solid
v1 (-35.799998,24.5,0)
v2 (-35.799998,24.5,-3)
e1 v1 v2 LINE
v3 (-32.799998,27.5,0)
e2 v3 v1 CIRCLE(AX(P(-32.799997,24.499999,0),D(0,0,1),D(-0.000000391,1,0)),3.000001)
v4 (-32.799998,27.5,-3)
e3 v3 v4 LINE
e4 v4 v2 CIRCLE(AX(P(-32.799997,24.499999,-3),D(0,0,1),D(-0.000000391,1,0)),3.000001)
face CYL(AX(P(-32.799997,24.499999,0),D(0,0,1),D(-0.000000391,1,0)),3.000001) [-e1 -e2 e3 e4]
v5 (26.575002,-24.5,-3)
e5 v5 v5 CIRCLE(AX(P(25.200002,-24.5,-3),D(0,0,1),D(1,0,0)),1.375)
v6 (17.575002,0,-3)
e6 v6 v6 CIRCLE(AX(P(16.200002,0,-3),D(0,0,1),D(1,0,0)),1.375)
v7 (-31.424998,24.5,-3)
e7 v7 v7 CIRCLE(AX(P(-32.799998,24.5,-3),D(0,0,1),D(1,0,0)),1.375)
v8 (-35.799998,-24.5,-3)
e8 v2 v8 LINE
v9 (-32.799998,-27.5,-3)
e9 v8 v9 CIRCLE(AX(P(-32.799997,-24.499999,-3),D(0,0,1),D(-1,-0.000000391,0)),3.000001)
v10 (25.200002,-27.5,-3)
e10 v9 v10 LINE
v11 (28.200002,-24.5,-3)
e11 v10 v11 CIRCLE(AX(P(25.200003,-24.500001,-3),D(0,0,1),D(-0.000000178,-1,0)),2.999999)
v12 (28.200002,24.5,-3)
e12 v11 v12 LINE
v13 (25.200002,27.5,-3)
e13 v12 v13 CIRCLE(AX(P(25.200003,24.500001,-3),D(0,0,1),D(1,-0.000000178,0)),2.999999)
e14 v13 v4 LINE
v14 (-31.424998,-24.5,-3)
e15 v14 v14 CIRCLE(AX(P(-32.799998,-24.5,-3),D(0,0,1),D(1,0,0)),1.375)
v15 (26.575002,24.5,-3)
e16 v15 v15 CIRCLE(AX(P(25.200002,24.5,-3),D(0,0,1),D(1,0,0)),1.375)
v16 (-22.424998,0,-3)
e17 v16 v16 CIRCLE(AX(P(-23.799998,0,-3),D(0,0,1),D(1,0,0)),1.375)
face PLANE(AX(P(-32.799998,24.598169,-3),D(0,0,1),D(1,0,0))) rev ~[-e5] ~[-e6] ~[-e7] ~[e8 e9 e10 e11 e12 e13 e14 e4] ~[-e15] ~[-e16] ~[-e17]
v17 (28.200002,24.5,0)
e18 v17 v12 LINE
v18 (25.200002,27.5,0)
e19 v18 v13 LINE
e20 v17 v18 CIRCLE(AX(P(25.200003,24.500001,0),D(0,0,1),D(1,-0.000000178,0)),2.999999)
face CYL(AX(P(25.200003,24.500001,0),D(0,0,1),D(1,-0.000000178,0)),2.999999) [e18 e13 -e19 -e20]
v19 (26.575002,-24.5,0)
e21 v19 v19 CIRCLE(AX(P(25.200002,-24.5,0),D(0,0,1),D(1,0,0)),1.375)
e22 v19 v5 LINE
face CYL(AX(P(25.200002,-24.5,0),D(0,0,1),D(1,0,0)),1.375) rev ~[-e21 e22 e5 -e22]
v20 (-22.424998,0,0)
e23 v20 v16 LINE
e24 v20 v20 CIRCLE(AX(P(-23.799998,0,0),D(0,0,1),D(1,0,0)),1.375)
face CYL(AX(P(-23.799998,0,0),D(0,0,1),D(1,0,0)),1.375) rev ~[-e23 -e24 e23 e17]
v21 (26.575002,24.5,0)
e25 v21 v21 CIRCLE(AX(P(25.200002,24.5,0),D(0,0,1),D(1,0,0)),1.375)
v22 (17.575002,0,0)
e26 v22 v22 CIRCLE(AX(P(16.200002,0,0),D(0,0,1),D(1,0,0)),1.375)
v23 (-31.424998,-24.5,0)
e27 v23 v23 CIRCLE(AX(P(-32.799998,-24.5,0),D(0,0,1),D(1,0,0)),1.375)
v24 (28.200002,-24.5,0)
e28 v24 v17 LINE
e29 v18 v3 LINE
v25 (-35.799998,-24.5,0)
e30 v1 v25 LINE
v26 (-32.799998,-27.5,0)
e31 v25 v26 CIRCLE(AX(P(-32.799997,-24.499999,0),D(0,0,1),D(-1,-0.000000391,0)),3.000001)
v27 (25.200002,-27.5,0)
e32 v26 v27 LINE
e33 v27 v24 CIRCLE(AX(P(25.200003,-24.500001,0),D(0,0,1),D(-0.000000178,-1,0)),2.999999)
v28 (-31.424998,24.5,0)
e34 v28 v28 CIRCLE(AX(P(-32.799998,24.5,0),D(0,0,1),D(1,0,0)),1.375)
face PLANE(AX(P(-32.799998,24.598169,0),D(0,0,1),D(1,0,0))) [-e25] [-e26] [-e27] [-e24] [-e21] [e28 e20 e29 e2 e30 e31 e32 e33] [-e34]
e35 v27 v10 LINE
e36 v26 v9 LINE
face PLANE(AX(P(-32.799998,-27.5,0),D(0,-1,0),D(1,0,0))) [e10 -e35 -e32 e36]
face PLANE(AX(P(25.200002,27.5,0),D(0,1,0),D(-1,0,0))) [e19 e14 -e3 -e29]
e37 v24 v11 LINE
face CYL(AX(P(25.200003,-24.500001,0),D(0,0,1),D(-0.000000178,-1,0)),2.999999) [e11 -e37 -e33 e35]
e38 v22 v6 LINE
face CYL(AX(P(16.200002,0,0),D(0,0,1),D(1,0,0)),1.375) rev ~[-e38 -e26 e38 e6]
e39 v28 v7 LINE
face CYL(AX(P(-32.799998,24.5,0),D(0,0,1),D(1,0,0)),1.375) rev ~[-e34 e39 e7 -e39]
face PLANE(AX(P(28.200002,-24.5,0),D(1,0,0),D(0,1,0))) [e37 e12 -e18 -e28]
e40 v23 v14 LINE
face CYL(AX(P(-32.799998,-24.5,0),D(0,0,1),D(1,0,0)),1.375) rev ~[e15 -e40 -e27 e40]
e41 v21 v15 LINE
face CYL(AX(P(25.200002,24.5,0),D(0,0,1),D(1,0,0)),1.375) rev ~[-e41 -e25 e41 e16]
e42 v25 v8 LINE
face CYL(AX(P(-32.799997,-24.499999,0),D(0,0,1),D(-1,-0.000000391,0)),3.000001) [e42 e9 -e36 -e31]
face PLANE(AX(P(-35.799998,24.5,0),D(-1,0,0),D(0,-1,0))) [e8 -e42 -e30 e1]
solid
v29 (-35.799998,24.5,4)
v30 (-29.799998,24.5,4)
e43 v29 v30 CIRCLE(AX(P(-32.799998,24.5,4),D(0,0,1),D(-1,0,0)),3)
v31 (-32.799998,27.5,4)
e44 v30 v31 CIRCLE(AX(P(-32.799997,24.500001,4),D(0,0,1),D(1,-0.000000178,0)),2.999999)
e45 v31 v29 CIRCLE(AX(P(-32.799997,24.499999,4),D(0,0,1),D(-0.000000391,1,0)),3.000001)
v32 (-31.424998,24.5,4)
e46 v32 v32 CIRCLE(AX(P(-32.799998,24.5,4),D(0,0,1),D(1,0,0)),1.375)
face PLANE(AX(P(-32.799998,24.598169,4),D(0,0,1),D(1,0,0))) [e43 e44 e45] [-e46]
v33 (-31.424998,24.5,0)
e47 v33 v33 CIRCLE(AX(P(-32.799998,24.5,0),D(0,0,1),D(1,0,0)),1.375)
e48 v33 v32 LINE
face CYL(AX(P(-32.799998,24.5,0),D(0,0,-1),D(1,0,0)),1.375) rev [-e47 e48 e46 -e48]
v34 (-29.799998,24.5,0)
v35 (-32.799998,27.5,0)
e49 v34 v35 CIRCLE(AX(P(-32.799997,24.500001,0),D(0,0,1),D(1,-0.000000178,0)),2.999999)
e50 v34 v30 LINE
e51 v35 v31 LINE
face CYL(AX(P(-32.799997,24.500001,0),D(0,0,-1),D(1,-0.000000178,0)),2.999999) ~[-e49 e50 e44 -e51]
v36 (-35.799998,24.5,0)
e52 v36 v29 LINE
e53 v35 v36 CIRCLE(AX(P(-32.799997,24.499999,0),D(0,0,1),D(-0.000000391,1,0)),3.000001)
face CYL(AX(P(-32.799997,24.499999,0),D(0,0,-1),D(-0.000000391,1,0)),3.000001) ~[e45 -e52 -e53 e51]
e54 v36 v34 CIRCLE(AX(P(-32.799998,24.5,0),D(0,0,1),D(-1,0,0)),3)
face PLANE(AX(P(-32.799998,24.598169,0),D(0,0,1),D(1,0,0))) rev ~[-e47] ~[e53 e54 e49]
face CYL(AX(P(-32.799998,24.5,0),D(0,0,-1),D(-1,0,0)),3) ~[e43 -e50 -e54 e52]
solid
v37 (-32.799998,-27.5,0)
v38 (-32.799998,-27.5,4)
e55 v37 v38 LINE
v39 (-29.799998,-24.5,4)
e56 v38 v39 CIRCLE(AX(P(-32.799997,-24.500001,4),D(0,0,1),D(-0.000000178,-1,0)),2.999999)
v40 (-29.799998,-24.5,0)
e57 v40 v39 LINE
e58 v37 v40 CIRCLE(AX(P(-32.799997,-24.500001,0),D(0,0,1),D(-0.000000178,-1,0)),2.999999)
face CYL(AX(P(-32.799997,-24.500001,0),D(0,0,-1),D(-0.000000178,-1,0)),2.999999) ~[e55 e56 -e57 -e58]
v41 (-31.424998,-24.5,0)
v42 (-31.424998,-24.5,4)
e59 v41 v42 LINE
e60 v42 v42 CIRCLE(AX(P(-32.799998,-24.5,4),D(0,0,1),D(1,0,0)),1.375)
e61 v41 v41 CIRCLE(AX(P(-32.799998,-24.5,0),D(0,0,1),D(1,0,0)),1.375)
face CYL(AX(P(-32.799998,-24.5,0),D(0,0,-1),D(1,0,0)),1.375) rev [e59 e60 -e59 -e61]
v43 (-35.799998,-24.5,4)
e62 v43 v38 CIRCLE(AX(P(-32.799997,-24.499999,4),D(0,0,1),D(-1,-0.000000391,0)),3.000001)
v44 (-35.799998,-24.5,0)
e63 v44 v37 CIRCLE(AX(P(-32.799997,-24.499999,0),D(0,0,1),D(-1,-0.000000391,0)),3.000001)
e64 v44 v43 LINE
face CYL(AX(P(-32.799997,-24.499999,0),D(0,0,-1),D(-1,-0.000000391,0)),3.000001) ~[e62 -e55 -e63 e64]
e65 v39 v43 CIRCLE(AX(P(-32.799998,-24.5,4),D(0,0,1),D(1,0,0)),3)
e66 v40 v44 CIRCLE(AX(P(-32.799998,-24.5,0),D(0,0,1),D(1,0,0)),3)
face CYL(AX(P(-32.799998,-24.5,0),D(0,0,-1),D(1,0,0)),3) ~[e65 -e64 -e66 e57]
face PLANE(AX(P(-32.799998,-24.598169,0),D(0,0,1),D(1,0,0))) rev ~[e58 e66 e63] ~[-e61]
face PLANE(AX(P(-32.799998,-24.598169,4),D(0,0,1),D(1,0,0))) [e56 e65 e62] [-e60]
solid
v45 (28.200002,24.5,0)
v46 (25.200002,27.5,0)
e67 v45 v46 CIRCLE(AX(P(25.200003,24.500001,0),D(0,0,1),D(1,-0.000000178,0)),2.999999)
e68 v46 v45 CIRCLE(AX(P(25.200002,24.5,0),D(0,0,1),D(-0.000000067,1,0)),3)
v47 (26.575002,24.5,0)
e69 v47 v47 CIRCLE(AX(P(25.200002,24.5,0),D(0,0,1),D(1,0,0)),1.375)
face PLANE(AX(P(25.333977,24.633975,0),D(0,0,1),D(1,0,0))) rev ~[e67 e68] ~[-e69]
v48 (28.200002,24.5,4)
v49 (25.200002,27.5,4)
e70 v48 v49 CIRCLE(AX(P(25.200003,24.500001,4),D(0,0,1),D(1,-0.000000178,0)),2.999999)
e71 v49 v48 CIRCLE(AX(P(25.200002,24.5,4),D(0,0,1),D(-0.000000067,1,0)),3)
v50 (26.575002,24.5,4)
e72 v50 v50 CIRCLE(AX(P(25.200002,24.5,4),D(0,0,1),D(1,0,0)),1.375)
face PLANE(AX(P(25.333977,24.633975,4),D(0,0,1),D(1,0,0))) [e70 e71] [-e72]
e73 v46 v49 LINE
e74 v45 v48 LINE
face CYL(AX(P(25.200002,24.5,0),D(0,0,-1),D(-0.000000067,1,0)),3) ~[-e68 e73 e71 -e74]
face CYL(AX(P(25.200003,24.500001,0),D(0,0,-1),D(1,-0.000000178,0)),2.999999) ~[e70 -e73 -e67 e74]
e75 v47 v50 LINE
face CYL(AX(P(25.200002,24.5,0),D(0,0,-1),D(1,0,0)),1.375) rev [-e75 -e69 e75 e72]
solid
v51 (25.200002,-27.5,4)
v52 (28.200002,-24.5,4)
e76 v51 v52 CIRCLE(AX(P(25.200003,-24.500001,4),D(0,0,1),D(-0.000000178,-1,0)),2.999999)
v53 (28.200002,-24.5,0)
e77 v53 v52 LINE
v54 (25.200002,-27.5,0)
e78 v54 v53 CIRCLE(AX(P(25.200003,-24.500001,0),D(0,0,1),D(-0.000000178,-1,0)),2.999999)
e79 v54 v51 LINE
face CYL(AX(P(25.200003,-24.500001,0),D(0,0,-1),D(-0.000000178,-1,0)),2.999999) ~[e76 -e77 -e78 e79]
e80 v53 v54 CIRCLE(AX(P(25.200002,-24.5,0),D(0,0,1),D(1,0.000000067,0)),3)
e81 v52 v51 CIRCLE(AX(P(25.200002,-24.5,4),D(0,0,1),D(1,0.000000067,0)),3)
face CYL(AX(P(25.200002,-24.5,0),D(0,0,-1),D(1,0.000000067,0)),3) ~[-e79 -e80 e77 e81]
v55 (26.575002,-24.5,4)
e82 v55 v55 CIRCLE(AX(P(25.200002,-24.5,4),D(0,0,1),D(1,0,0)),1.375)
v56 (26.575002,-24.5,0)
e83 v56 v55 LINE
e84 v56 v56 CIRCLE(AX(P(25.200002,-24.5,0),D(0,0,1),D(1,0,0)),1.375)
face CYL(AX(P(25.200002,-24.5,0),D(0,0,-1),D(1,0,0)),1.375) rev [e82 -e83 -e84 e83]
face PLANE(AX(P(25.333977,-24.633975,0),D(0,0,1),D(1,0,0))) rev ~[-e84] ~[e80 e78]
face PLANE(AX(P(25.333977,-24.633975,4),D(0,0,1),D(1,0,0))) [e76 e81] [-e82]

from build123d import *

# Parameters (mm, degrees)
F0_R     = 1.375
F1_DEPTH = 3
F2_DEPTH = 4


with BuildPart() as f1:
    # F0 (on Top) → F1 (new body)
    with BuildSketch(Plane.XY):
        with BuildLine():
            ThreePointArc((-29.799998, 24.5), (-30.678677, 26.62132), (-32.799998, 27.5))
            ThreePointArc((-32.799998, 27.5), (-34.921318, 26.62132), (-35.799998, 24.5))
            ThreePointArc((-35.799998, 24.5), (-32.799998, 21.5), (-29.799998, 24.5))
        make_face()
        with Locations((-32.799998, 24.5)):
            Circle(F0_R, mode=Mode.SUBTRACT)
        with BuildLine():
            Line((25.200002, 27.5), (-32.799998, 27.5))
            ThreePointArc((-32.799998, 27.5), (-30.678677, 26.62132), (-29.799998, 24.5))
            ThreePointArc((-29.799998, 24.5), (-32.799998, 21.5), (-35.799998, 24.5))
            Line((-35.799998, 24.5), (-35.799998, -24.5))
            ThreePointArc((-35.799998, -24.5), (-32.799998, -21.5), (-29.799998, -24.5))
            ThreePointArc((-29.799998, -24.5), (-30.678677, -26.62132), (-32.799998, -27.5))
            Line((-32.799998, -27.5), (25.200002, -27.5))
            ThreePointArc((25.200002, -27.5), (23.078682, -22.37868), (28.200002, -24.5))
            Line((28.200002, -24.5), (28.200002, 24.5))
            ThreePointArc((28.200002, 24.5), (23.078682, 22.37868), (25.200002, 27.5))
        make_face()
        with Locations((-23.799998, 0)):
            Circle(F0_R, mode=Mode.SUBTRACT)
        with Locations((16.200002, 0)):
            Circle(F0_R, mode=Mode.SUBTRACT)
        with BuildLine():
            ThreePointArc((-29.799998, -24.5), (-32.799998, -21.5), (-35.799998, -24.5))
            ThreePointArc((-35.799998, -24.5), (-34.921318, -26.62132), (-32.799998, -27.5))
            ThreePointArc((-32.799998, -27.5), (-30.678677, -26.62132), (-29.799998, -24.5))
        make_face()
        with Locations((-32.799998, -24.5)):
            Circle(F0_R, mode=Mode.SUBTRACT)
        with BuildLine():
            ThreePointArc((25.200002, -27.5), (27.321323, -26.62132), (28.200002, -24.5))
            ThreePointArc((28.200002, -24.5), (23.078682, -22.37868), (25.200002, -27.5))
        make_face()
        with Locations((25.200002, -24.5)):
            Circle(F0_R, mode=Mode.SUBTRACT)
        with BuildLine():
            ThreePointArc((28.200002, 24.5), (27.321323, 26.62132), (25.200002, 27.5))
            ThreePointArc((25.200002, 27.5), (23.078682, 22.37868), (28.200002, 24.5))
        make_face()
        with Locations((25.200002, 24.5)):
            Circle(F0_R, mode=Mode.SUBTRACT)
    extrude(amount=-F1_DEPTH)


with BuildPart() as f2:
    # F0 (on Top) → F2 (new body)
    with BuildSketch(Plane.XY):
        with BuildLine():
            ThreePointArc((-29.799998, 24.5), (-30.678677, 26.62132), (-32.799998, 27.5))
            ThreePointArc((-32.799998, 27.5), (-34.921318, 26.62132), (-35.799998, 24.5))
            ThreePointArc((-35.799998, 24.5), (-32.799998, 21.5), (-29.799998, 24.5))
        make_face()
        with Locations((-32.799998, 24.5)):
            Circle(F0_R, mode=Mode.SUBTRACT)
        with BuildLine():
            ThreePointArc((28.200002, 24.5), (27.321323, 26.62132), (25.200002, 27.5))
            ThreePointArc((25.200002, 27.5), (23.078682, 22.37868), (28.200002, 24.5))
        make_face()
        with Locations((25.200002, 24.5)):
            Circle(F0_R, mode=Mode.SUBTRACT)
        with BuildLine():
            ThreePointArc((-29.799998, -24.5), (-32.799998, -21.5), (-35.799998, -24.5))
            ThreePointArc((-35.799998, -24.5), (-34.921318, -26.62132), (-32.799998, -27.5))
            ThreePointArc((-32.799998, -27.5), (-30.678677, -26.62132), (-29.799998, -24.5))
        make_face()
        with Locations((-32.799998, -24.5)):
            Circle(F0_R, mode=Mode.SUBTRACT)
        with BuildLine():
            ThreePointArc((25.200002, -27.5), (27.321323, -26.62132), (28.200002, -24.5))
            ThreePointArc((28.200002, -24.5), (23.078682, -22.37868), (25.200002, -27.5))
        make_face()
        with Locations((25.200002, -24.5)):
            Circle(F0_R, mode=Mode.SUBTRACT)
    extrude(amount=F2_DEPTH)


solid = Compound([f1.part, f2.part])
